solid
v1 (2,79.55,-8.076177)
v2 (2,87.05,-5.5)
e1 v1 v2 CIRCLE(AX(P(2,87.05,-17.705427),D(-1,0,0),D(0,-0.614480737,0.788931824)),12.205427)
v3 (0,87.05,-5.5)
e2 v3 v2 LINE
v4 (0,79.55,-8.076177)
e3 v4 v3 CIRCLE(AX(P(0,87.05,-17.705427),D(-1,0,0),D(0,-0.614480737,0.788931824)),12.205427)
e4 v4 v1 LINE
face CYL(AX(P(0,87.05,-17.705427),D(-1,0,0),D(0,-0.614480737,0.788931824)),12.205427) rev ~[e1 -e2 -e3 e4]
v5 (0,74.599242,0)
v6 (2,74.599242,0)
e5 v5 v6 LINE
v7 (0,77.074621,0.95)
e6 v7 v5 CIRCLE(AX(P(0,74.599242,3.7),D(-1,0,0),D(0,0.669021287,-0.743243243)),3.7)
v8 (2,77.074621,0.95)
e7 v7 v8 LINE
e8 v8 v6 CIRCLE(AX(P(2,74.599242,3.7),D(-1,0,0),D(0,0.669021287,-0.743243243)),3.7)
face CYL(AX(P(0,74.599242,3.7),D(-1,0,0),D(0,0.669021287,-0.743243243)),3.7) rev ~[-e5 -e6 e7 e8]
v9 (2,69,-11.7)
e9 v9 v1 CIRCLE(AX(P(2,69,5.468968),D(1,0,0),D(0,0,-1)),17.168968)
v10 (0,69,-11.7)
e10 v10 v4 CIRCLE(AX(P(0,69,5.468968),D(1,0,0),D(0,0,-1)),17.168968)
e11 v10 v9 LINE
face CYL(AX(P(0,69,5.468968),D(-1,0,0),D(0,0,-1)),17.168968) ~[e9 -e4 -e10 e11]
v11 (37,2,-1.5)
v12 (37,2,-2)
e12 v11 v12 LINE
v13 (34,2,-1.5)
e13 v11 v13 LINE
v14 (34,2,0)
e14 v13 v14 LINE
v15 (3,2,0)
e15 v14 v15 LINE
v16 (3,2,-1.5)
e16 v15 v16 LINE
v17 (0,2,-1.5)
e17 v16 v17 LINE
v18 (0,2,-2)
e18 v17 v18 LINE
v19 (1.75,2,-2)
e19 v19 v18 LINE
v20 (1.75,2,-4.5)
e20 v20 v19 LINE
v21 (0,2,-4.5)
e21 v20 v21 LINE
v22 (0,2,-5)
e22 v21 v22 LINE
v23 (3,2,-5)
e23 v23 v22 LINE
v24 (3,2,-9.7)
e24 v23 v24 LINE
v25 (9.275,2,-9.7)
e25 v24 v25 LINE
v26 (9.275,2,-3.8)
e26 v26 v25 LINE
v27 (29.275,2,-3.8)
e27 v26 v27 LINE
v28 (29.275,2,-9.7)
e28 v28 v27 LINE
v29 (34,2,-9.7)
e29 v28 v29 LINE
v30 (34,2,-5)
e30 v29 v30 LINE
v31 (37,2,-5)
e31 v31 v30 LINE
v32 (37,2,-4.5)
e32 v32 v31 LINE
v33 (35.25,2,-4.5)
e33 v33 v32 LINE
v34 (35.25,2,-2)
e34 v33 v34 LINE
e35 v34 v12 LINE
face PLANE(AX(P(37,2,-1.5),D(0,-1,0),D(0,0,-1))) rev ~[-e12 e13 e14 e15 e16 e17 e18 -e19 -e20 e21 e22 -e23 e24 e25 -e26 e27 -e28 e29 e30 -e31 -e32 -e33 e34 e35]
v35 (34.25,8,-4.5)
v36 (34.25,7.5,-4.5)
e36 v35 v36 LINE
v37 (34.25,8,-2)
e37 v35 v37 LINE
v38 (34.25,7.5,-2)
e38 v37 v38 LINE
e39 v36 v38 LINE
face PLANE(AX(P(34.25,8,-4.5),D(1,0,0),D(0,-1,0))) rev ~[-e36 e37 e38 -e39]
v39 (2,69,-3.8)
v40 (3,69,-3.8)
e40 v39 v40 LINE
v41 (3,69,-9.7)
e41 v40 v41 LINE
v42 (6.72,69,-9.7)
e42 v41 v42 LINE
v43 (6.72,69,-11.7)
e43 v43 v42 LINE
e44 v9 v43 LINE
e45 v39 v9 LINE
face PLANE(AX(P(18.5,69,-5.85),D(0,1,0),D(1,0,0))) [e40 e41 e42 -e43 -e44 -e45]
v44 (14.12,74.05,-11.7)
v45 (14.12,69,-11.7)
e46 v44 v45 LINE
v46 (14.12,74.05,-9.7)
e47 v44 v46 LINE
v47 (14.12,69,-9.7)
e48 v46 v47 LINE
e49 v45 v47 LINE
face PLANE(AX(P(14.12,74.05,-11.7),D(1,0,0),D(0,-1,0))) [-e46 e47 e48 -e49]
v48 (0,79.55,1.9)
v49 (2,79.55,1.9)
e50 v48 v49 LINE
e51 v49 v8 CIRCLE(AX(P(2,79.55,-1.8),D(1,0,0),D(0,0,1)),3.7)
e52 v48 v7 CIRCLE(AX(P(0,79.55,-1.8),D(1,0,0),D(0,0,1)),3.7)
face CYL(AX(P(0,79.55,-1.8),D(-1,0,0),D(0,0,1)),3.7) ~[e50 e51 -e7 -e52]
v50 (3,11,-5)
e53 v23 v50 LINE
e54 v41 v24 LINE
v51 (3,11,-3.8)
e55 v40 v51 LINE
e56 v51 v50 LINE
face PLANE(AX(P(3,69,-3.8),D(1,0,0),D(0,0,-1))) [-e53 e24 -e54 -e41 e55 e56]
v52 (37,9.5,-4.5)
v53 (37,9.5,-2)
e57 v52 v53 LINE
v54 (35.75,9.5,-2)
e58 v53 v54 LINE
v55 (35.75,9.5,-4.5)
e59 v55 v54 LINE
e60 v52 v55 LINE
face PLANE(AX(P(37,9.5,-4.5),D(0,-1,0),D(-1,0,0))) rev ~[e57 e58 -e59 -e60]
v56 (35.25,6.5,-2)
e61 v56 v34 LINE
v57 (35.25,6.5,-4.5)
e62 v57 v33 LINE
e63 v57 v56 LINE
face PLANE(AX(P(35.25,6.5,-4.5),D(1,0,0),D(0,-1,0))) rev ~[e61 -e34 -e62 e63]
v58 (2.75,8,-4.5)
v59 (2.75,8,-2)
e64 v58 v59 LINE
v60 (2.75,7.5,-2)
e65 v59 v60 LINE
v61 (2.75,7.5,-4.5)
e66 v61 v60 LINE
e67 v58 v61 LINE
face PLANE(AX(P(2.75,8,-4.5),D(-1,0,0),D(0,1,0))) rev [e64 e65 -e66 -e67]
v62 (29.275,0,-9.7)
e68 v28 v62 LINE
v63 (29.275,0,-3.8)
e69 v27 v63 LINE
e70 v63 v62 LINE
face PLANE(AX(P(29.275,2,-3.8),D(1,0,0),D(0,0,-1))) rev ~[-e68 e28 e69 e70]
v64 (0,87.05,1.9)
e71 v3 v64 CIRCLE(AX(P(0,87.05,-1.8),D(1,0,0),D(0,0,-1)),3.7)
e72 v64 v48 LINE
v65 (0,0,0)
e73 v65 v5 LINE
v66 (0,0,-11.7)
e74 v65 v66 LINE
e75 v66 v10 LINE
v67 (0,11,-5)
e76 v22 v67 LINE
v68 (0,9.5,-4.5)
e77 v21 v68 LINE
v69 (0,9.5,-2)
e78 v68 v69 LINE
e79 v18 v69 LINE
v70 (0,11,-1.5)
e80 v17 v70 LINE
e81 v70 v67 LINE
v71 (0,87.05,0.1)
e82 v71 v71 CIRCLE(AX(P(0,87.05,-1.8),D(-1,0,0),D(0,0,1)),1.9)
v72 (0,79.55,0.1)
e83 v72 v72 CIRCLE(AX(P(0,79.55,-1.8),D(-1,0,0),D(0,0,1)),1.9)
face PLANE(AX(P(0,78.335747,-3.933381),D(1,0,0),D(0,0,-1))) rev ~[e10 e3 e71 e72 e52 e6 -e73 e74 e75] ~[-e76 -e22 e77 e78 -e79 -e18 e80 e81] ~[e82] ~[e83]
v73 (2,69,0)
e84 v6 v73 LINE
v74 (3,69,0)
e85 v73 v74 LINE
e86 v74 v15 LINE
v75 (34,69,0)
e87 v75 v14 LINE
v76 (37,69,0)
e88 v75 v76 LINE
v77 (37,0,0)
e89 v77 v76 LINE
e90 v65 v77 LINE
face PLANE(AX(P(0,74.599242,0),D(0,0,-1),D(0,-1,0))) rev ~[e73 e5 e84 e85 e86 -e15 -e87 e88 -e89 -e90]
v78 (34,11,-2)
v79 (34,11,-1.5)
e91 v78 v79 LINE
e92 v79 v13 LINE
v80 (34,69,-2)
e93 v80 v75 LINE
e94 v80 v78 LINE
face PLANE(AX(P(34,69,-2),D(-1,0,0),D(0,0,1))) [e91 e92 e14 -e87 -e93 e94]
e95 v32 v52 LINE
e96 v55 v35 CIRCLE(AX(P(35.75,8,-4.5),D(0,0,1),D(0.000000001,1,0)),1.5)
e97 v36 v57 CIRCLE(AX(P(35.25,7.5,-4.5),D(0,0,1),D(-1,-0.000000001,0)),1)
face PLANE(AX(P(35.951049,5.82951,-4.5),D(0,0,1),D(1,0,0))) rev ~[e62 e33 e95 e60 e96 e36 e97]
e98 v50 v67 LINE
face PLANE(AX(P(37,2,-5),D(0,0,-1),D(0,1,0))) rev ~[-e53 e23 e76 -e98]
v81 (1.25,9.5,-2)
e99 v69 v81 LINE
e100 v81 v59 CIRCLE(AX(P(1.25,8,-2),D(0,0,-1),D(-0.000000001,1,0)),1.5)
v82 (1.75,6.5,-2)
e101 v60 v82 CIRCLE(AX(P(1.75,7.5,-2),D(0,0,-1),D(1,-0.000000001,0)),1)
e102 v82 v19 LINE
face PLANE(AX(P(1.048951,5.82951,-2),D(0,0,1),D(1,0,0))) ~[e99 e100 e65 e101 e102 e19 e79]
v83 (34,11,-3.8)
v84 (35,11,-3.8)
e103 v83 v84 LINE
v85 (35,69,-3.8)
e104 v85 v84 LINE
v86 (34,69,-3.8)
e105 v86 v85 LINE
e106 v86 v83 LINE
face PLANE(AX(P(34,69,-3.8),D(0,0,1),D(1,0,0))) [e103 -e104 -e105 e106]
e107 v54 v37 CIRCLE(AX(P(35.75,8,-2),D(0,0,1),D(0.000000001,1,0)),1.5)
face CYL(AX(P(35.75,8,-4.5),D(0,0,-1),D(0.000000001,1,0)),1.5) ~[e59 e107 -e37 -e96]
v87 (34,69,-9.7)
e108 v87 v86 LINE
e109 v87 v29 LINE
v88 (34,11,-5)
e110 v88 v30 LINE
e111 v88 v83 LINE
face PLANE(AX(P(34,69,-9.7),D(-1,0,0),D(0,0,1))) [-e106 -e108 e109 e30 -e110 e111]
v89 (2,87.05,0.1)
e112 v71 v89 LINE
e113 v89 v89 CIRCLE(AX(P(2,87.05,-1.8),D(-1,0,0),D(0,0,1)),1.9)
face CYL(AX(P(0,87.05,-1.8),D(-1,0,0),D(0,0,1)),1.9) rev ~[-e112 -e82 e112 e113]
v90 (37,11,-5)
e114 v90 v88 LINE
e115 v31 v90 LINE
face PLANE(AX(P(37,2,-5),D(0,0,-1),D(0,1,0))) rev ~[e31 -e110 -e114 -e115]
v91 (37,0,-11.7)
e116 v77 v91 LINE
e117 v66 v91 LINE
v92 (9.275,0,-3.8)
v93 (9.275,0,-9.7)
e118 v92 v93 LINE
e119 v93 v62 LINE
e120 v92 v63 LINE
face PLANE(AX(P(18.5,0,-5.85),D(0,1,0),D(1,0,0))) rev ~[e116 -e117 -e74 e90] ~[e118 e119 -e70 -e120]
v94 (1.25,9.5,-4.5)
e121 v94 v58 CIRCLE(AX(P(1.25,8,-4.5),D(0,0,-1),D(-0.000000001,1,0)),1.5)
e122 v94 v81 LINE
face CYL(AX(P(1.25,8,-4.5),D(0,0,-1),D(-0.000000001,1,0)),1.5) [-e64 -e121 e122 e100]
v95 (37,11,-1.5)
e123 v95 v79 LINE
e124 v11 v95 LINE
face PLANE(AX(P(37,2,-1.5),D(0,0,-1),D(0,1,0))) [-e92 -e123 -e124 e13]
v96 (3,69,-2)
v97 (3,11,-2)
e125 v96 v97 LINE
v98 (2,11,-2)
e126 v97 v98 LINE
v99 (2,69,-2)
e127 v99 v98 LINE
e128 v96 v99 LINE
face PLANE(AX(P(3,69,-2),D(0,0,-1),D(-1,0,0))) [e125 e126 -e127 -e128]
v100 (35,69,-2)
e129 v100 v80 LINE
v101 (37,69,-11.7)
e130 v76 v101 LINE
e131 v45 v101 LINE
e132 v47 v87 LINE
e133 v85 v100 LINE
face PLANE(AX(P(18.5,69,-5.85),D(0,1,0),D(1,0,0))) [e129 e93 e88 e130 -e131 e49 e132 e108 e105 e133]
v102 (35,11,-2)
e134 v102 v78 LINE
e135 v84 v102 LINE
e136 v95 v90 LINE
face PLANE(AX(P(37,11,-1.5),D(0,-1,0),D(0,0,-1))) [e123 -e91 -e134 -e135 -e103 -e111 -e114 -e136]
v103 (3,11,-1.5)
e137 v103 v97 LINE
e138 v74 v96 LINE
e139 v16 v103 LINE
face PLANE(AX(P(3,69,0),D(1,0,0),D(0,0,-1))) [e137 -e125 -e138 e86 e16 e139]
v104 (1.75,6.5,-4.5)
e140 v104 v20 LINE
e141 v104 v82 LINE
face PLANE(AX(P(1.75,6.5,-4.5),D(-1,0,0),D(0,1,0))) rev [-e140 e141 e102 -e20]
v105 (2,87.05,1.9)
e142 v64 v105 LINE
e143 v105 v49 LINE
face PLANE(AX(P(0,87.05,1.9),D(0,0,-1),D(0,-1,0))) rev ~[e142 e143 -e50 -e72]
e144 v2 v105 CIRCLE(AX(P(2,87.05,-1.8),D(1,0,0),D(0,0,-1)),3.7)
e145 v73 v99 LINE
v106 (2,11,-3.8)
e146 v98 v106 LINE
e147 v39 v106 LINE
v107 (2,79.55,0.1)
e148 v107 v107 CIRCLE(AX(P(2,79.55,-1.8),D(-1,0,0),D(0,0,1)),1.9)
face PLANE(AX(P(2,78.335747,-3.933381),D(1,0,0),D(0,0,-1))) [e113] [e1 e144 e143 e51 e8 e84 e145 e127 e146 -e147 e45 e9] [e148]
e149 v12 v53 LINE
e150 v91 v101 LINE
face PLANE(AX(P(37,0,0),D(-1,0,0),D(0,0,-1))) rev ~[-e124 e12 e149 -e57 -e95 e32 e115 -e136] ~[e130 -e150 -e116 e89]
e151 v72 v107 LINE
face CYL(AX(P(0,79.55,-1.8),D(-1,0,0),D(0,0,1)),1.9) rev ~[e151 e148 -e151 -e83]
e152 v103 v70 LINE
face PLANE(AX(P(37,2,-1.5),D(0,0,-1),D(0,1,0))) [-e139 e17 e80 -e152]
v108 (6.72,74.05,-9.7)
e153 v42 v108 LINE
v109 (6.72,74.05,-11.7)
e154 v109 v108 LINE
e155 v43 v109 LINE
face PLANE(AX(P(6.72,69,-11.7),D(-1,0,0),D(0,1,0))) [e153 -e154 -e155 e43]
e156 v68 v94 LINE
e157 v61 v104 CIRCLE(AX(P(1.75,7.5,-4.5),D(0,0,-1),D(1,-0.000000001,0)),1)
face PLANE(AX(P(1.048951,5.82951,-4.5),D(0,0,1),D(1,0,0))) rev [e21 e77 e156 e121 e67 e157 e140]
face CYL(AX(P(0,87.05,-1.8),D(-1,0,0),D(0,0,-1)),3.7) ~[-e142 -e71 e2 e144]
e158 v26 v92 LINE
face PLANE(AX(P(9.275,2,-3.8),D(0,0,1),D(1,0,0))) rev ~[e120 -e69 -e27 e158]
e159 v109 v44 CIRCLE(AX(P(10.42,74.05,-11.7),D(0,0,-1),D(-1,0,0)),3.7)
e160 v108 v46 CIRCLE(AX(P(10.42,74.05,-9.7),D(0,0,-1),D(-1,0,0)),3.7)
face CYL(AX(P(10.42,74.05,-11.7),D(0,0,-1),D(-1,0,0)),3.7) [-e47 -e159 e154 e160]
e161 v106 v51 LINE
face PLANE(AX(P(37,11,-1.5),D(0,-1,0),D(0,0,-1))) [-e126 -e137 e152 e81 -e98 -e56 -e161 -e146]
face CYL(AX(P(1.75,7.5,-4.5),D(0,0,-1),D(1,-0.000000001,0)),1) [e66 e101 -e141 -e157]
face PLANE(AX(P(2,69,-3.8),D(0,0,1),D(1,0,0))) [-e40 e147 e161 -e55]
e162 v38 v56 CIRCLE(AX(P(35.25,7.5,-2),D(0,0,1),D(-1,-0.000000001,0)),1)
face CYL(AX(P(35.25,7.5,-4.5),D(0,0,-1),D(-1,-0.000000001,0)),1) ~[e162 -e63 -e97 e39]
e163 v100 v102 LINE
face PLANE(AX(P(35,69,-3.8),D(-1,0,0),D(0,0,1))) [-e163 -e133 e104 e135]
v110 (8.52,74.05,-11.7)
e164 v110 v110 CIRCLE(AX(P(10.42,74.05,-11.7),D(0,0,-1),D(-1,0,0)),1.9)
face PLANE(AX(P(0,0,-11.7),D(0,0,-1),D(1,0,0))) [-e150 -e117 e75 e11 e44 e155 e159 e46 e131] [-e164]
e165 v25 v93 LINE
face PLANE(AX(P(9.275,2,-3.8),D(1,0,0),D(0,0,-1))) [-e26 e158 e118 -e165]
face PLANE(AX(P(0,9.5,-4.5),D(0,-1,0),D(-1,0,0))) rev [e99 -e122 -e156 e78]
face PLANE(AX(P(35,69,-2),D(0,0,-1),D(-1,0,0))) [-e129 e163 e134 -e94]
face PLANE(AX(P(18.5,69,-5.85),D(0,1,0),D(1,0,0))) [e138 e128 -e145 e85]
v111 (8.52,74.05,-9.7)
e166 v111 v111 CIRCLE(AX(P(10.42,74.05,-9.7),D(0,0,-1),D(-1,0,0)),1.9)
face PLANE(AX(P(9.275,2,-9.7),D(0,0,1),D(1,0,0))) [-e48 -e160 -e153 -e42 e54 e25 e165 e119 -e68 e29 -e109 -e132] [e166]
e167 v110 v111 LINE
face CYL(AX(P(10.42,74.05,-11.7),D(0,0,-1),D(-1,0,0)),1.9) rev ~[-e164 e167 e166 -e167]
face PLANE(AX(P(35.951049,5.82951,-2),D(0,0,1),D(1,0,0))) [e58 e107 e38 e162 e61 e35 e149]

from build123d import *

# Parameters (mm, degrees)
SKETCH1_W           = 37
SKETCH1_H           = 11.7
BOSS_EXTRUDE1_DEPTH = 69
CUT_EXTRUDE1_DEPTH  = 67
SKETCH3_W           = 20
SKETCH3_H           = 5.9
CUT_EXTRUDE2_DEPTH  = 67
SKETCH5_R           = 1.9
BOSS_EXTRUDE3_DEPTH = 2
SKETCH7_R           = 1.9
BOSS_EXTRUDE4_DEPTH = 2
SKETCH8_W           = 3.5
SKETCH8_H           = 9
CUT_EXTRUDE3_DEPTH  = 40
BOSS_EXTRUDE5_START = 0.5
BOSS_EXTRUDE5_DEPTH = 2.5


with BuildPart() as part:
    # Sketch1 → Boss-Extrude1 (new body)
    with BuildSketch(Plane(origin=(0, 0, 0), x_dir=(1, 0, 0), z_dir=(0, 1, 0))):
        with Locations((18.5, 5.85)):
            Rectangle(SKETCH1_W, SKETCH1_H)
    extrude(amount=BOSS_EXTRUDE1_DEPTH)

    # Sketch2 → Cut-Extrude1 (cut)
    with BuildSketch(Plane(origin=(0, 69, 0), x_dir=(1, 0, 0), z_dir=(0, 1, 0))):
        Polygon((3, 0), (3, 2), (2, 2), (2, 3.8), (3, 3.8), (3, 9.7), (34, 9.7), (34, 3.8), (35, 3.8), (35, 2), (34, 2), (34, 0), align=None)
    extrude(amount=-CUT_EXTRUDE1_DEPTH, mode=Mode.SUBTRACT)

    # Sketch3 → Cut-Extrude2 (cut)
    with BuildSketch(Plane(origin=(0, 2, 0), x_dir=(1, 0, 0), z_dir=(0, 1, 0))):
        with Locations((19.275, 6.75)):
            Rectangle(SKETCH3_W, SKETCH3_H)
    extrude(amount=-CUT_EXTRUDE2_DEPTH, mode=Mode.SUBTRACT)

    # Sketch5 → Boss-Extrude3 (add)
    with BuildSketch(Plane(origin=(0, 0, -11.7), x_dir=(-1, 0, 0), z_dir=(0, 0, -1))):
        with BuildLine():
            Line((-14.12, 74.05), (-14.12, 69))
            Line((-14.12, 69), (-6.72, 69))
            Line((-6.72, 69), (-6.72, 74.05))
            ThreePointArc((-6.72, 74.05), (-10.42, 77.75), (-14.12, 74.05))
        make_face()
        with Locations((-10.42, 74.05)):
            Circle(SKETCH5_R, mode=Mode.SUBTRACT)
    extrude(amount=-BOSS_EXTRUDE3_DEPTH)

    # Sketch7 → Boss-Extrude4 (add)
    with BuildSketch(Plane.ZY):
        with BuildLine():
            Line((1.9, 87.05), (1.9, 79.55))
            ThreePointArc((1.9, 79.55), (1.65434509, 78.224292642), (0.95, 77.074621241))
            ThreePointArc((0.95, 77.074621241), (0.24565491, 75.924949841), (0, 74.599242482))
            Line((0, 74.599242482), (0, 69))
            Line((0, 69), (-11.7, 69))
            ThreePointArc((-11.7, 69), (-10.768790899, 74.577512686), (-8.076177285, 79.55))
            ThreePointArc((-8.076177285, 79.55), (-6.161996991, 83.084943588), (-5.5, 87.05))
            ThreePointArc((-5.5, 87.05), (-1.8, 90.75), (1.9, 87.05))
        make_face()
        with Locations((-1.8, 79.55)):
            Circle(SKETCH7_R, mode=Mode.SUBTRACT)
        with Locations((-1.8, 87.05)):
            Circle(SKETCH7_R, mode=Mode.SUBTRACT)
    extrude(amount=-BOSS_EXTRUDE4_DEPTH)

    # Sketch8 → Cut-Extrude3 (cut)
    with BuildSketch(Plane(origin=(37, 0, 0), x_dir=(0, 0, -1), z_dir=(1, 0, 0))):
        with Locations((3.25, 6.5)):
            Rectangle(SKETCH8_W, SKETCH8_H)
    extrude(amount=-CUT_EXTRUDE3_DEPTH, mode=Mode.SUBTRACT)

    # Sketch9 → Boss-Extrude5 (add)
    with BuildSketch(Plane.XY.offset(-5).offset(BOSS_EXTRUDE5_START)):
        with BuildLine():
            Line((37, 2), (37, 9.5))
            Line((37, 9.5), (35.75, 9.5))
            ThreePointArc((35.75, 9.5), (34.689339828, 9.060660172), (34.25, 8))
            Line((34.25, 8), (34.25, 7.5))
            ThreePointArc((34.25, 7.5), (34.542893219, 6.792893219), (35.25, 6.5))
            Line((35.25, 6.5), (35.25, 2))
            Line((35.25, 2), (37, 2))
        make_face()
    boss_extrude5 = extrude(amount=BOSS_EXTRUDE5_DEPTH)

    # Mirror1: Boss-Extrude5 across plane
    add(boss_extrude5.mirror(Plane(origin=(18.5, 0, 0), x_dir=(0, 0, 1), z_dir=(1, 0, 0))))


solid = part.part
